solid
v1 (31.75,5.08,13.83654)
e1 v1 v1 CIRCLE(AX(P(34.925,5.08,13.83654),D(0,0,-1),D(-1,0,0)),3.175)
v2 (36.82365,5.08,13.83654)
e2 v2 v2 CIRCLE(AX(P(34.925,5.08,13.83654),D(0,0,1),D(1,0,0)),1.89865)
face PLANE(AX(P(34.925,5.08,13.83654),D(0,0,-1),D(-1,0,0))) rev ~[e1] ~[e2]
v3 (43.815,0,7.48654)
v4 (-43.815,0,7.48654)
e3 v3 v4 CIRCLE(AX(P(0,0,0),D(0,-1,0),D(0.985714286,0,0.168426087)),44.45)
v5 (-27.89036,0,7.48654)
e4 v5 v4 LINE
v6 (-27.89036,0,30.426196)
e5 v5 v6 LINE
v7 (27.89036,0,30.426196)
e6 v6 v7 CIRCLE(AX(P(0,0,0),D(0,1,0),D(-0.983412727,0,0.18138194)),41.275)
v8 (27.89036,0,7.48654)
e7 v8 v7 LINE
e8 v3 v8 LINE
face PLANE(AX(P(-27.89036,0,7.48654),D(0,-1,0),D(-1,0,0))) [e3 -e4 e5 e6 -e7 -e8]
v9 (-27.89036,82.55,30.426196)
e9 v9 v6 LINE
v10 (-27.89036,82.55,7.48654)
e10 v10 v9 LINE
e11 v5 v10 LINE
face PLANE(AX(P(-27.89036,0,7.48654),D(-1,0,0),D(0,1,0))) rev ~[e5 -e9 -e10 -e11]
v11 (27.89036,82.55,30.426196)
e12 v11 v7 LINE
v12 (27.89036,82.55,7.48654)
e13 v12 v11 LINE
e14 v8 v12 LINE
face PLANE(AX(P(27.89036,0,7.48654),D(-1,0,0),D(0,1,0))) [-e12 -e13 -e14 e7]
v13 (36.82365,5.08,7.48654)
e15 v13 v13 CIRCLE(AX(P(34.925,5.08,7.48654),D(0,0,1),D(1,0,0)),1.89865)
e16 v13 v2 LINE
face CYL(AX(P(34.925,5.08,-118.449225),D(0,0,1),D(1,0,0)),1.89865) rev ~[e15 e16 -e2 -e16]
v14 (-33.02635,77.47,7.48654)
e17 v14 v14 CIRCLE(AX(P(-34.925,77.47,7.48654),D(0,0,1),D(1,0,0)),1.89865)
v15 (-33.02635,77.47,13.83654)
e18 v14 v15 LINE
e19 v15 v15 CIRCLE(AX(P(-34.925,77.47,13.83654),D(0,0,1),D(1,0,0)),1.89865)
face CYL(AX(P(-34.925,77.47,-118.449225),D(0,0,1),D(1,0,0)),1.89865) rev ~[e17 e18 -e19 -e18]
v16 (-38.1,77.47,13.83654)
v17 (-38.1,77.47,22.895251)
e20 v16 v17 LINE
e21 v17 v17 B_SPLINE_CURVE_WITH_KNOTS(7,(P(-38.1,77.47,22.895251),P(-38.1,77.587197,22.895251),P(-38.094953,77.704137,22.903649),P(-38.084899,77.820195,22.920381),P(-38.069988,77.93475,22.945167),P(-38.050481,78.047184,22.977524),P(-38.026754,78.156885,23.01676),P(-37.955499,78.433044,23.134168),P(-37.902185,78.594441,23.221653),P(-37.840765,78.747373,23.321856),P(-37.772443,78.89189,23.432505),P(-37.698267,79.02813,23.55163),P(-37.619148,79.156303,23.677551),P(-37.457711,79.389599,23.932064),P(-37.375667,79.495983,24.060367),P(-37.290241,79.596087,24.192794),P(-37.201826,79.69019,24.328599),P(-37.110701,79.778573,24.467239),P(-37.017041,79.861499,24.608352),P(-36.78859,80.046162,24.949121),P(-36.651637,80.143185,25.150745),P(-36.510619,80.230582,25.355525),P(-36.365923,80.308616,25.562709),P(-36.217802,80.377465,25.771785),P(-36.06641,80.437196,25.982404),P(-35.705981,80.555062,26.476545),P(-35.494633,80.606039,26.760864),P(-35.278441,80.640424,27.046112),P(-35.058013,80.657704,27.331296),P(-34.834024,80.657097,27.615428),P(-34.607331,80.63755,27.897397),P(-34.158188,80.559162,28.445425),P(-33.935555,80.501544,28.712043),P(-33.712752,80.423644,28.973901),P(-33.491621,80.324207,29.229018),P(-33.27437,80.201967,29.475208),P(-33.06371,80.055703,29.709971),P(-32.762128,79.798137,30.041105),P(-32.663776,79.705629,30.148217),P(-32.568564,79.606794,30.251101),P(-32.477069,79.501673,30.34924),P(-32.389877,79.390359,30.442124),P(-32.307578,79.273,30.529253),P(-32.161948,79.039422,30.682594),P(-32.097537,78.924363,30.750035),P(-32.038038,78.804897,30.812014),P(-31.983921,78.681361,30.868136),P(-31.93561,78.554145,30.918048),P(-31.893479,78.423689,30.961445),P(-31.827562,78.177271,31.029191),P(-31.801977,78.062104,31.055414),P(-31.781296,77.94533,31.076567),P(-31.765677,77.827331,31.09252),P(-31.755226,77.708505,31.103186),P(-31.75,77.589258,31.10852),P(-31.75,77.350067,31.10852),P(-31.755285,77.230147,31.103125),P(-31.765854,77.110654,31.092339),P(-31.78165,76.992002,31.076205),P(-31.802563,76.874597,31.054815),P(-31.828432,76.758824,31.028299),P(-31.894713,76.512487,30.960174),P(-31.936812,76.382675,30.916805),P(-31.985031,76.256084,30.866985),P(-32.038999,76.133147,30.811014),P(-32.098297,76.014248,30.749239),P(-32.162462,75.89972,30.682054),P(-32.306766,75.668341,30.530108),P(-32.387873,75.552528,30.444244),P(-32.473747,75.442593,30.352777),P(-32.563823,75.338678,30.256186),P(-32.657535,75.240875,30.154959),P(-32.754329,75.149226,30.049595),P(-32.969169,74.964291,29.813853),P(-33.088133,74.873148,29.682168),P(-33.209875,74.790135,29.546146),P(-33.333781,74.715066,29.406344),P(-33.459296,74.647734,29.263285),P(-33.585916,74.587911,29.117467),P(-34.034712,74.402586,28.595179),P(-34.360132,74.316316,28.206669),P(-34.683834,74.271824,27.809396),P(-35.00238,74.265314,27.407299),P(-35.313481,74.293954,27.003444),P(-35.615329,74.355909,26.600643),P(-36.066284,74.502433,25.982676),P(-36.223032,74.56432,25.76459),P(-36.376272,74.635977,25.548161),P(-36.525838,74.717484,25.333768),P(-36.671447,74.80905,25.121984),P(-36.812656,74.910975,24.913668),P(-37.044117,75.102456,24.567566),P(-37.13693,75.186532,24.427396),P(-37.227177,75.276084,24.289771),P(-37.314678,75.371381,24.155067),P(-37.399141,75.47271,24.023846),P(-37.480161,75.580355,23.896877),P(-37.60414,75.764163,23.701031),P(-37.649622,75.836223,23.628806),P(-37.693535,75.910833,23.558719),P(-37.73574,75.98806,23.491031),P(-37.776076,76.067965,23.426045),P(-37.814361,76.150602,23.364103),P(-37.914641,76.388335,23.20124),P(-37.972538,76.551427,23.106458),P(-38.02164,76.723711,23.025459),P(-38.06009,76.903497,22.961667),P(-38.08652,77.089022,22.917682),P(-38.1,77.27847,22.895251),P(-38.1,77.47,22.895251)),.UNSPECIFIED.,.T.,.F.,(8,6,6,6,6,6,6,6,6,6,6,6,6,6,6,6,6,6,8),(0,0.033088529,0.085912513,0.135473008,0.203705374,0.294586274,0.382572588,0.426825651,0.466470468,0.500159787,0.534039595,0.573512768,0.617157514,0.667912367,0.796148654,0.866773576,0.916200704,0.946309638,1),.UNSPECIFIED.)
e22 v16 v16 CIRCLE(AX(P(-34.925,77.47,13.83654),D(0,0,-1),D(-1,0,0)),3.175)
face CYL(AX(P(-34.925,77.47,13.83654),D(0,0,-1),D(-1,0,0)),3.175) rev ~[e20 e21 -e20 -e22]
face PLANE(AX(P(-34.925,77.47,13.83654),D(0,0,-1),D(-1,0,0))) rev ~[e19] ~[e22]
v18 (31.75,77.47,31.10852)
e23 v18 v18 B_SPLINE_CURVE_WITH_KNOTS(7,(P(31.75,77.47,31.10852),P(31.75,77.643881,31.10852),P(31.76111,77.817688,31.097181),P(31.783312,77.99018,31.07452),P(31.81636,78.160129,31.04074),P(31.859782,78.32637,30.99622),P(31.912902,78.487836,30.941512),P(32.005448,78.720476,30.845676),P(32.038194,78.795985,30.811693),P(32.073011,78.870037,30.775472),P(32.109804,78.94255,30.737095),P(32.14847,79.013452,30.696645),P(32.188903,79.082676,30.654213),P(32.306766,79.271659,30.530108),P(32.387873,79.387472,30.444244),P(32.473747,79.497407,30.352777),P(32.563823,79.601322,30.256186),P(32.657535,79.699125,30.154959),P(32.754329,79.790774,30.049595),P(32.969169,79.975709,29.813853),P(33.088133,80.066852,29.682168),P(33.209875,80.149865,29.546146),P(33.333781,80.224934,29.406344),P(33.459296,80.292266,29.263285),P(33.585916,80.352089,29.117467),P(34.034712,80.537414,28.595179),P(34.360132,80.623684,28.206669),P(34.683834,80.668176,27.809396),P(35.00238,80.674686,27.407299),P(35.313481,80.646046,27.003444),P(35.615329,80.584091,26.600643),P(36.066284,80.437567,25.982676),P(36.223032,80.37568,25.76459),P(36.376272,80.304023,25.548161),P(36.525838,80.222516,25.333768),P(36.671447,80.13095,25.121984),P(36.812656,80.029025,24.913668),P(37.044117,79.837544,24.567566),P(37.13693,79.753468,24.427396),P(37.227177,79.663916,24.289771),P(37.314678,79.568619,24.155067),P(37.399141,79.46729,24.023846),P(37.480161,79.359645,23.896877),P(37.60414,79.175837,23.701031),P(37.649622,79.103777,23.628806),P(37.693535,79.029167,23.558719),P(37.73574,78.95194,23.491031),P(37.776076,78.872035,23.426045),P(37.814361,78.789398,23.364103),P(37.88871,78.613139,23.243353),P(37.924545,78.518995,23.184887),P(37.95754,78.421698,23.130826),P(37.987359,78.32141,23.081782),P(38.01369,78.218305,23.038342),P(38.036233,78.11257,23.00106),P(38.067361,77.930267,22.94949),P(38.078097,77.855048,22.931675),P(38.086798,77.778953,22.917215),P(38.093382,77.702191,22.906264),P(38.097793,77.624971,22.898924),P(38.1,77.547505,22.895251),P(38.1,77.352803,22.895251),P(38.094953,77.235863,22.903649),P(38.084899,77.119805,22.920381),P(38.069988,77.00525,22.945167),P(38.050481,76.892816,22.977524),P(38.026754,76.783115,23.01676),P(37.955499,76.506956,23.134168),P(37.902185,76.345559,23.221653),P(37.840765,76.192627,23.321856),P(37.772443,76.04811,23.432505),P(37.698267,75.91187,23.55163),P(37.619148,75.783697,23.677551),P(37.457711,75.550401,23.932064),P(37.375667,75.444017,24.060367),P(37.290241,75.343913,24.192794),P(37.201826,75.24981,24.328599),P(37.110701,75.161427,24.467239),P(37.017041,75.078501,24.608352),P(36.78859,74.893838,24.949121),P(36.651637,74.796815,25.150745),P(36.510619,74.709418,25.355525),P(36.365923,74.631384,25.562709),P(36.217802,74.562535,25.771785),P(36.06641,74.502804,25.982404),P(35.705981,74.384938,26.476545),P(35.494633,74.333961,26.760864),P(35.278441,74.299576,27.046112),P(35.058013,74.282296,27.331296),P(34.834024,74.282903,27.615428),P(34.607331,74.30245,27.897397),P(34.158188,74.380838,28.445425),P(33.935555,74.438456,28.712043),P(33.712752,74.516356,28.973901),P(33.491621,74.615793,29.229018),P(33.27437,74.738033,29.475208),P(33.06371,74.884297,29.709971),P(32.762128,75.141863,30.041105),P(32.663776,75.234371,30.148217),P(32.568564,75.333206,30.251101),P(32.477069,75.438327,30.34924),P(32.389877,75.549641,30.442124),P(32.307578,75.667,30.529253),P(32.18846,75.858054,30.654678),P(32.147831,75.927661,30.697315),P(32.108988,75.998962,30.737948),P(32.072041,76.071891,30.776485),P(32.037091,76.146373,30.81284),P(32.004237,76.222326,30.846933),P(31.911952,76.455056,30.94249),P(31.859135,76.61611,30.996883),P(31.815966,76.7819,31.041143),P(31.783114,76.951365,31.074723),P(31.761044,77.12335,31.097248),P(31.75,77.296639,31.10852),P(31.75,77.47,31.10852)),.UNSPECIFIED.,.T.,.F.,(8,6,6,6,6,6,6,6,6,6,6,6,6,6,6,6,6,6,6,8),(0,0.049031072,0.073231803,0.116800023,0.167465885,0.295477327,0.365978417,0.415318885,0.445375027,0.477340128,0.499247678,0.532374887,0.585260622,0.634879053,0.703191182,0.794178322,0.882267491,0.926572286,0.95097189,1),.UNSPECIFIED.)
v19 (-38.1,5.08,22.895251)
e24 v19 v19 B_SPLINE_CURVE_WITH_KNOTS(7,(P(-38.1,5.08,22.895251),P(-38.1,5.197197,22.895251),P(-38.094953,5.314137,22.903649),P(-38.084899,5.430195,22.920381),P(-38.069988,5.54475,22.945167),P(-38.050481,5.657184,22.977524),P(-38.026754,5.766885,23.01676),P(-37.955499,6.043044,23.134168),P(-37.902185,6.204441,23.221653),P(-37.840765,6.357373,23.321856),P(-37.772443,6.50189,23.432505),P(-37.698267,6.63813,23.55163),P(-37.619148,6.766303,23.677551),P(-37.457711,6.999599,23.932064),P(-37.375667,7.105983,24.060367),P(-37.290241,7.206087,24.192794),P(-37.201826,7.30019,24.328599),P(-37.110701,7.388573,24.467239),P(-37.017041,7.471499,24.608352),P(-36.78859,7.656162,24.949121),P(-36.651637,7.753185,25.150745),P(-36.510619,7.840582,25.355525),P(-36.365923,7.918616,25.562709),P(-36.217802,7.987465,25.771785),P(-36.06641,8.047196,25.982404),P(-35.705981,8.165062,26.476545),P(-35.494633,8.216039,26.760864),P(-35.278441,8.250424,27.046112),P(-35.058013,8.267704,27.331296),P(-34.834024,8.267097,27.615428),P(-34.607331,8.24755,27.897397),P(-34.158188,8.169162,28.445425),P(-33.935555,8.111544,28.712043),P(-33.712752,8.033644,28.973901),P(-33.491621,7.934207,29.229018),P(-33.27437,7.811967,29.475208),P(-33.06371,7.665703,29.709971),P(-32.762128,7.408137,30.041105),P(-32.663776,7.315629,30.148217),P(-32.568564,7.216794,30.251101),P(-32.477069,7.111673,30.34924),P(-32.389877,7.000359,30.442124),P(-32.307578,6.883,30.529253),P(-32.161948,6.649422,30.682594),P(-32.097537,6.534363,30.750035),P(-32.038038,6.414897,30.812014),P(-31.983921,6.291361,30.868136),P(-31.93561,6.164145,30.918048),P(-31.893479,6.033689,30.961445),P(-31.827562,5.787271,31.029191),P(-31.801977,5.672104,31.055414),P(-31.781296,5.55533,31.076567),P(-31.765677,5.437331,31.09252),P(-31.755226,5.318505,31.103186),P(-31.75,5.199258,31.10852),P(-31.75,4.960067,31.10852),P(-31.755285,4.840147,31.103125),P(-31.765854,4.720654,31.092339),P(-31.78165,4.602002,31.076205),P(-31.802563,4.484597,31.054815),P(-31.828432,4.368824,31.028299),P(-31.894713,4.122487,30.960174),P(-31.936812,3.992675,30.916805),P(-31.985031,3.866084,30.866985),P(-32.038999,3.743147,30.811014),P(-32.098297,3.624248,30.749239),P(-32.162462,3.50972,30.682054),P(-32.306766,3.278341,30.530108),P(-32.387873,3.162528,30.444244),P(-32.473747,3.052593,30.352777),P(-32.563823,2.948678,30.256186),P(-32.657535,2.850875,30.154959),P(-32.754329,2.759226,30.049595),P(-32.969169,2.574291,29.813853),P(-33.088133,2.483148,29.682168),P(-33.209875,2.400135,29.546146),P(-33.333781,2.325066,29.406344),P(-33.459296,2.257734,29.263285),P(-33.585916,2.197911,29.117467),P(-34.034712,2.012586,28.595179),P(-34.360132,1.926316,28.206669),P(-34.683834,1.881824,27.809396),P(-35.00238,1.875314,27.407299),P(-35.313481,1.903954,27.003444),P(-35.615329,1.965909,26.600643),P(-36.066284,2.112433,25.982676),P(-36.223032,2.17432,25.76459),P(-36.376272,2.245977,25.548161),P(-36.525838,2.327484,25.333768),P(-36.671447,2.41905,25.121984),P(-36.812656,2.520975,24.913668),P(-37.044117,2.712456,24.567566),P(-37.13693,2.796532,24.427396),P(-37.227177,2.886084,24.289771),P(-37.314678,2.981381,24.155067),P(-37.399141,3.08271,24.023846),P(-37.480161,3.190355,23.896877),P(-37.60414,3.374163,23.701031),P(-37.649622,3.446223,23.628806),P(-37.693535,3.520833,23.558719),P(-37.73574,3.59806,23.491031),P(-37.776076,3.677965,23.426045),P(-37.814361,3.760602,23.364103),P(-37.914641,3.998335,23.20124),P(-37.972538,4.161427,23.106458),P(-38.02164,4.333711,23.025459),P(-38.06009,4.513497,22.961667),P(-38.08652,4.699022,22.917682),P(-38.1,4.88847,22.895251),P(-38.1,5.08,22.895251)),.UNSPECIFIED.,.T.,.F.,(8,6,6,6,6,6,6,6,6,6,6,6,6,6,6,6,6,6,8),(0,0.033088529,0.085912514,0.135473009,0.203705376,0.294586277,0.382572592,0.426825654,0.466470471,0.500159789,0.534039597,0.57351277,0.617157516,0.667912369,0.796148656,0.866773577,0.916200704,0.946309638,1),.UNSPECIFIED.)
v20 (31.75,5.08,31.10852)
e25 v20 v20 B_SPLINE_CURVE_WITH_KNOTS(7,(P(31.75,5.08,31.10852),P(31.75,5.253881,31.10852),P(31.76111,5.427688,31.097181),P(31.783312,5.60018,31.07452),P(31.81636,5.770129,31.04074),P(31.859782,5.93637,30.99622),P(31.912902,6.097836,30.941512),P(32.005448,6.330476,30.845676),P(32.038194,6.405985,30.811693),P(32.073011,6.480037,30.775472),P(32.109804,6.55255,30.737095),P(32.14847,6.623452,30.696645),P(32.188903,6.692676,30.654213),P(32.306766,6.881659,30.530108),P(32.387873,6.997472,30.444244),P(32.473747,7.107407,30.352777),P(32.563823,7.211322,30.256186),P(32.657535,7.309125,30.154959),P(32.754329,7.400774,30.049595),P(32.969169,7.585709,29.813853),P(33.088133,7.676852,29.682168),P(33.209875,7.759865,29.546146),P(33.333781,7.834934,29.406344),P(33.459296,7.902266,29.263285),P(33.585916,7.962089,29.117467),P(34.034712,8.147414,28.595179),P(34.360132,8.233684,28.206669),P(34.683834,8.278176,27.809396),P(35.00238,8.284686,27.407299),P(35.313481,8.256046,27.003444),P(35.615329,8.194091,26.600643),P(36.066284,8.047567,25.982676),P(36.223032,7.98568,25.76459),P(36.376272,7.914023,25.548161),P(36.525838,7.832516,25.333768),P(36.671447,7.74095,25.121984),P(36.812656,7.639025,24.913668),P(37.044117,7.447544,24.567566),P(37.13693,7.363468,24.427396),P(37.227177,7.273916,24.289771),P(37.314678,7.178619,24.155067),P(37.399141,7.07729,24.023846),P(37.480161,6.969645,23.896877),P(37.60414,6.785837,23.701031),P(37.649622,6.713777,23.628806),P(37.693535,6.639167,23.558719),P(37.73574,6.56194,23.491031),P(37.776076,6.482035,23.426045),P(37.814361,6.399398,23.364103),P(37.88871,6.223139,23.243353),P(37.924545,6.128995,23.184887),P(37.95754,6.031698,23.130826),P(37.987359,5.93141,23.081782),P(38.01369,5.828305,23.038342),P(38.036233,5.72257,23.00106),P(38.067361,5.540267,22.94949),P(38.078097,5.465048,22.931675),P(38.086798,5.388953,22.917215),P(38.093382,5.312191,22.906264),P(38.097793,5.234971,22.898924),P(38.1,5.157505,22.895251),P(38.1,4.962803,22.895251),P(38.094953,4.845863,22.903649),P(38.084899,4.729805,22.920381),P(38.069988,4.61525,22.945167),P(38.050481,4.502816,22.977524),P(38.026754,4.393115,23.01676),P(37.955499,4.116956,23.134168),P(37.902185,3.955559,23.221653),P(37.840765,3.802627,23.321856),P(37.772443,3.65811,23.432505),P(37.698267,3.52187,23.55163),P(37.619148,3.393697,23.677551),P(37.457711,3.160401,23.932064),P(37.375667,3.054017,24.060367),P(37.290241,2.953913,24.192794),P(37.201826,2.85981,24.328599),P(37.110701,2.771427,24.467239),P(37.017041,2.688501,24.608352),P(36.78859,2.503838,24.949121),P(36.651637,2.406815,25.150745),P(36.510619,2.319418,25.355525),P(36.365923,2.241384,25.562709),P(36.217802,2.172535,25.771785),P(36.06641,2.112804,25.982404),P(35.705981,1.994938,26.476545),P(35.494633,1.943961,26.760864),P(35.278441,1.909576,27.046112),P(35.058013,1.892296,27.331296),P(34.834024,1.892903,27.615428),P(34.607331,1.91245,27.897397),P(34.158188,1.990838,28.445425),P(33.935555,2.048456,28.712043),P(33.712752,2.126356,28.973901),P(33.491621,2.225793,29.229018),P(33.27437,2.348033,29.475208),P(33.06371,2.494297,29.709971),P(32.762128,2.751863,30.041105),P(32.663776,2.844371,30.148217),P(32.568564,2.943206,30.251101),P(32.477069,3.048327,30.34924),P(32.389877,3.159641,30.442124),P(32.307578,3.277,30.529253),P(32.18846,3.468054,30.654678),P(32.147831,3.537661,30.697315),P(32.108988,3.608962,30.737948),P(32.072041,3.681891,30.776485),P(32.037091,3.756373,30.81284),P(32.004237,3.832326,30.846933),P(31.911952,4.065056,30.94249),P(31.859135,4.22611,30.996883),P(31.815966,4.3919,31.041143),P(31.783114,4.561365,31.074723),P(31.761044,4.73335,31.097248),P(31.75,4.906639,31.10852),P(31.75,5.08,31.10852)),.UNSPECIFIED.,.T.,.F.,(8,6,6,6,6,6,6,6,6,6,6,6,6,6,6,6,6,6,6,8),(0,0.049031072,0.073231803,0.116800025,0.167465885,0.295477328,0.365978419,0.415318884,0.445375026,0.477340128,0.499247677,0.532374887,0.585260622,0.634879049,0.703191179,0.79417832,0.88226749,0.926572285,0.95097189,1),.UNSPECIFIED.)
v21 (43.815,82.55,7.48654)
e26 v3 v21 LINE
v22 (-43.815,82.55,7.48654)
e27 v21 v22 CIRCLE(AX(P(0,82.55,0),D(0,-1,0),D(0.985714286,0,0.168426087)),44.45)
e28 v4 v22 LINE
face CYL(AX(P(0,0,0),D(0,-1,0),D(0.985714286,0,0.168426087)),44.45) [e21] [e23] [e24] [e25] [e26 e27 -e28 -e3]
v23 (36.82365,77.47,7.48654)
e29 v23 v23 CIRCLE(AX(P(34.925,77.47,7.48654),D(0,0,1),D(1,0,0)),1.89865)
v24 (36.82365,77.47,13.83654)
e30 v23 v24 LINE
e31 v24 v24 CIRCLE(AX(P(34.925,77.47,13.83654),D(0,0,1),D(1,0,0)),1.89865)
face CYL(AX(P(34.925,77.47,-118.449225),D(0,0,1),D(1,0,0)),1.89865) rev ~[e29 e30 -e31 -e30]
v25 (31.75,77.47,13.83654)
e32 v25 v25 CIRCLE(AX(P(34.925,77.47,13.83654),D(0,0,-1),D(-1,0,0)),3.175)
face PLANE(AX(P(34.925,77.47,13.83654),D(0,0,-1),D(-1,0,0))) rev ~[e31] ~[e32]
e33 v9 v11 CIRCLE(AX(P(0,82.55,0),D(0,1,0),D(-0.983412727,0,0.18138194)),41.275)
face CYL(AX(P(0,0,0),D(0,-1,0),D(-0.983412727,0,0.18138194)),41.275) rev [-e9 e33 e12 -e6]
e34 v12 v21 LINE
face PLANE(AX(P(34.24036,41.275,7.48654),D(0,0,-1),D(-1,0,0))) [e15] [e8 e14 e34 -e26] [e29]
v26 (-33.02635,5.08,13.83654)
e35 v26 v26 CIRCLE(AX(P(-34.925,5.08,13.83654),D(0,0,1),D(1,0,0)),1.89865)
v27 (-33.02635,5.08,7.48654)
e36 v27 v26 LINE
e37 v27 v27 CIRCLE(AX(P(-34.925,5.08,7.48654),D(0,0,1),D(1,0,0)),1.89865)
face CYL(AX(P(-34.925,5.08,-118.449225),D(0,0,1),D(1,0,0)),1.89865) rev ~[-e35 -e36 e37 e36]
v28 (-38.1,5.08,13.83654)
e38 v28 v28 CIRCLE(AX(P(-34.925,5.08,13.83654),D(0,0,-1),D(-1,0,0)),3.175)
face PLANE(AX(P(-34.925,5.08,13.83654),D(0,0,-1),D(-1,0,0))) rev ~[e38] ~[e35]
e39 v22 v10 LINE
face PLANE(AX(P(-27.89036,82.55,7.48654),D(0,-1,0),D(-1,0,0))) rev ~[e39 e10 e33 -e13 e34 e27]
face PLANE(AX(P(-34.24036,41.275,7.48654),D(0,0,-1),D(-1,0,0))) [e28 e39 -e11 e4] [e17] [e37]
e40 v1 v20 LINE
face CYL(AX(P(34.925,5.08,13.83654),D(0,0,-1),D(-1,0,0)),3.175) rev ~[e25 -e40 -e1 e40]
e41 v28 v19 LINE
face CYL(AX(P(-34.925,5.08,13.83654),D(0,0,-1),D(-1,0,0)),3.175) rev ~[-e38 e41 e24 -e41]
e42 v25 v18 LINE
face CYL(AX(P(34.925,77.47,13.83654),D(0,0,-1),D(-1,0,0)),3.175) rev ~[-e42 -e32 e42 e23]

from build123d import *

# Parameters (mm, degrees)
BOSS_EXTRUDE1_DEPTH   = 82.55
BOSS_EXTRUDE2_REACH   = 38.963
SKETCH4_W             = 12.7
SKETCH4_H             = 82.55
F_6_CLEARANCE_HOLE1_D = 3.7973
SKETCH7_R             = 3.175
CUT_EXTRUDE1_DEPTH    = 31.613460512


with BuildPart() as part:
    # Sketch3 → Boss-Extrude1 (new body)
    with BuildSketch(Plane(origin=(0, 0, 0), x_dir=(1, 0, 0), z_dir=(0, 1, 0))):
        with BuildLine():
            Line((-43.815, -7.486539588), (-40.590360309, -7.486539588))
            ThreePointArc((-40.590360309, -7.486539588), (0, -41.275), (40.590360309, -7.486539588))
            Line((40.590360309, -7.486539588), (43.815, -7.486539588))
            ThreePointArc((43.815, -7.486539588), (0, -44.45), (-43.815, -7.486539588))
        make_face()
    extrude(amount=BOSS_EXTRUDE1_DEPTH)

    # Sketch4 → Boss-Extrude2 (add, up to next)
    with BuildSketch(Plane(origin=(0, 0, 7.486539588), x_dir=(-1, 0, 0), z_dir=(0, 0, -1)), mode=Mode.PRIVATE) as boss_extrude2_sk1:
        with Locations((-34.240360309, 41.275)):
            Rectangle(SKETCH4_W, SKETCH4_H)
    boss_extrude2_tool1 = extrude(boss_extrude2_sk1.sketch, amount=-BOSS_EXTRUDE2_REACH, mode=Mode.PRIVATE) - part.part
    add(boss_extrude2_tool1.solids().sort_by_distance((34.24036, 41.275, 7.48654))[0])
    # Sketch4 → Boss-Extrude2 (add, up to next)
    with BuildSketch(Plane(origin=(0, 0, 7.486539588), x_dir=(-1, 0, 0), z_dir=(0, 0, -1)), mode=Mode.PRIVATE) as boss_extrude2_sk2:
        with Locations((34.240360309, 41.275)):
            Rectangle(SKETCH4_W, SKETCH4_H)
    boss_extrude2_tool2 = extrude(boss_extrude2_sk2.sketch, amount=-BOSS_EXTRUDE2_REACH, mode=Mode.PRIVATE) - part.part
    add(boss_extrude2_tool2.solids().sort_by_distance((-34.24036, 41.275, 7.48654))[0])

    # #6 Clearance Hole1 (through all)
    with Locations(Plane(origin=(0, 0, 7.486539588), x_dir=(-1, 0, 0), z_dir=(0, 0, -1))):
        with Locations((-34.925, 77.47), (-34.925, 5.08), (34.925, 77.47), (34.925, 5.08)):
            Hole(F_6_CLEARANCE_HOLE1_D / 2)

    # Sketch7 → Cut-Extrude1 (cut, through all)
    with BuildSketch(Plane(origin=(0, 0, 13.836539588), x_dir=(-1, 0, 0), z_dir=(0, 0, -1))):
        with Locations((-34.925, 5.08)):
            Circle(SKETCH7_R)
        with Locations((34.925, 5.08)):
            Circle(SKETCH7_R)
        with Locations((34.925, 77.47)):
            Circle(SKETCH7_R)
        with Locations((-34.925, 77.47)):
            Circle(SKETCH7_R)
    extrude(amount=-CUT_EXTRUDE1_DEPTH, mode=Mode.SUBTRACT)


solid = part.part
